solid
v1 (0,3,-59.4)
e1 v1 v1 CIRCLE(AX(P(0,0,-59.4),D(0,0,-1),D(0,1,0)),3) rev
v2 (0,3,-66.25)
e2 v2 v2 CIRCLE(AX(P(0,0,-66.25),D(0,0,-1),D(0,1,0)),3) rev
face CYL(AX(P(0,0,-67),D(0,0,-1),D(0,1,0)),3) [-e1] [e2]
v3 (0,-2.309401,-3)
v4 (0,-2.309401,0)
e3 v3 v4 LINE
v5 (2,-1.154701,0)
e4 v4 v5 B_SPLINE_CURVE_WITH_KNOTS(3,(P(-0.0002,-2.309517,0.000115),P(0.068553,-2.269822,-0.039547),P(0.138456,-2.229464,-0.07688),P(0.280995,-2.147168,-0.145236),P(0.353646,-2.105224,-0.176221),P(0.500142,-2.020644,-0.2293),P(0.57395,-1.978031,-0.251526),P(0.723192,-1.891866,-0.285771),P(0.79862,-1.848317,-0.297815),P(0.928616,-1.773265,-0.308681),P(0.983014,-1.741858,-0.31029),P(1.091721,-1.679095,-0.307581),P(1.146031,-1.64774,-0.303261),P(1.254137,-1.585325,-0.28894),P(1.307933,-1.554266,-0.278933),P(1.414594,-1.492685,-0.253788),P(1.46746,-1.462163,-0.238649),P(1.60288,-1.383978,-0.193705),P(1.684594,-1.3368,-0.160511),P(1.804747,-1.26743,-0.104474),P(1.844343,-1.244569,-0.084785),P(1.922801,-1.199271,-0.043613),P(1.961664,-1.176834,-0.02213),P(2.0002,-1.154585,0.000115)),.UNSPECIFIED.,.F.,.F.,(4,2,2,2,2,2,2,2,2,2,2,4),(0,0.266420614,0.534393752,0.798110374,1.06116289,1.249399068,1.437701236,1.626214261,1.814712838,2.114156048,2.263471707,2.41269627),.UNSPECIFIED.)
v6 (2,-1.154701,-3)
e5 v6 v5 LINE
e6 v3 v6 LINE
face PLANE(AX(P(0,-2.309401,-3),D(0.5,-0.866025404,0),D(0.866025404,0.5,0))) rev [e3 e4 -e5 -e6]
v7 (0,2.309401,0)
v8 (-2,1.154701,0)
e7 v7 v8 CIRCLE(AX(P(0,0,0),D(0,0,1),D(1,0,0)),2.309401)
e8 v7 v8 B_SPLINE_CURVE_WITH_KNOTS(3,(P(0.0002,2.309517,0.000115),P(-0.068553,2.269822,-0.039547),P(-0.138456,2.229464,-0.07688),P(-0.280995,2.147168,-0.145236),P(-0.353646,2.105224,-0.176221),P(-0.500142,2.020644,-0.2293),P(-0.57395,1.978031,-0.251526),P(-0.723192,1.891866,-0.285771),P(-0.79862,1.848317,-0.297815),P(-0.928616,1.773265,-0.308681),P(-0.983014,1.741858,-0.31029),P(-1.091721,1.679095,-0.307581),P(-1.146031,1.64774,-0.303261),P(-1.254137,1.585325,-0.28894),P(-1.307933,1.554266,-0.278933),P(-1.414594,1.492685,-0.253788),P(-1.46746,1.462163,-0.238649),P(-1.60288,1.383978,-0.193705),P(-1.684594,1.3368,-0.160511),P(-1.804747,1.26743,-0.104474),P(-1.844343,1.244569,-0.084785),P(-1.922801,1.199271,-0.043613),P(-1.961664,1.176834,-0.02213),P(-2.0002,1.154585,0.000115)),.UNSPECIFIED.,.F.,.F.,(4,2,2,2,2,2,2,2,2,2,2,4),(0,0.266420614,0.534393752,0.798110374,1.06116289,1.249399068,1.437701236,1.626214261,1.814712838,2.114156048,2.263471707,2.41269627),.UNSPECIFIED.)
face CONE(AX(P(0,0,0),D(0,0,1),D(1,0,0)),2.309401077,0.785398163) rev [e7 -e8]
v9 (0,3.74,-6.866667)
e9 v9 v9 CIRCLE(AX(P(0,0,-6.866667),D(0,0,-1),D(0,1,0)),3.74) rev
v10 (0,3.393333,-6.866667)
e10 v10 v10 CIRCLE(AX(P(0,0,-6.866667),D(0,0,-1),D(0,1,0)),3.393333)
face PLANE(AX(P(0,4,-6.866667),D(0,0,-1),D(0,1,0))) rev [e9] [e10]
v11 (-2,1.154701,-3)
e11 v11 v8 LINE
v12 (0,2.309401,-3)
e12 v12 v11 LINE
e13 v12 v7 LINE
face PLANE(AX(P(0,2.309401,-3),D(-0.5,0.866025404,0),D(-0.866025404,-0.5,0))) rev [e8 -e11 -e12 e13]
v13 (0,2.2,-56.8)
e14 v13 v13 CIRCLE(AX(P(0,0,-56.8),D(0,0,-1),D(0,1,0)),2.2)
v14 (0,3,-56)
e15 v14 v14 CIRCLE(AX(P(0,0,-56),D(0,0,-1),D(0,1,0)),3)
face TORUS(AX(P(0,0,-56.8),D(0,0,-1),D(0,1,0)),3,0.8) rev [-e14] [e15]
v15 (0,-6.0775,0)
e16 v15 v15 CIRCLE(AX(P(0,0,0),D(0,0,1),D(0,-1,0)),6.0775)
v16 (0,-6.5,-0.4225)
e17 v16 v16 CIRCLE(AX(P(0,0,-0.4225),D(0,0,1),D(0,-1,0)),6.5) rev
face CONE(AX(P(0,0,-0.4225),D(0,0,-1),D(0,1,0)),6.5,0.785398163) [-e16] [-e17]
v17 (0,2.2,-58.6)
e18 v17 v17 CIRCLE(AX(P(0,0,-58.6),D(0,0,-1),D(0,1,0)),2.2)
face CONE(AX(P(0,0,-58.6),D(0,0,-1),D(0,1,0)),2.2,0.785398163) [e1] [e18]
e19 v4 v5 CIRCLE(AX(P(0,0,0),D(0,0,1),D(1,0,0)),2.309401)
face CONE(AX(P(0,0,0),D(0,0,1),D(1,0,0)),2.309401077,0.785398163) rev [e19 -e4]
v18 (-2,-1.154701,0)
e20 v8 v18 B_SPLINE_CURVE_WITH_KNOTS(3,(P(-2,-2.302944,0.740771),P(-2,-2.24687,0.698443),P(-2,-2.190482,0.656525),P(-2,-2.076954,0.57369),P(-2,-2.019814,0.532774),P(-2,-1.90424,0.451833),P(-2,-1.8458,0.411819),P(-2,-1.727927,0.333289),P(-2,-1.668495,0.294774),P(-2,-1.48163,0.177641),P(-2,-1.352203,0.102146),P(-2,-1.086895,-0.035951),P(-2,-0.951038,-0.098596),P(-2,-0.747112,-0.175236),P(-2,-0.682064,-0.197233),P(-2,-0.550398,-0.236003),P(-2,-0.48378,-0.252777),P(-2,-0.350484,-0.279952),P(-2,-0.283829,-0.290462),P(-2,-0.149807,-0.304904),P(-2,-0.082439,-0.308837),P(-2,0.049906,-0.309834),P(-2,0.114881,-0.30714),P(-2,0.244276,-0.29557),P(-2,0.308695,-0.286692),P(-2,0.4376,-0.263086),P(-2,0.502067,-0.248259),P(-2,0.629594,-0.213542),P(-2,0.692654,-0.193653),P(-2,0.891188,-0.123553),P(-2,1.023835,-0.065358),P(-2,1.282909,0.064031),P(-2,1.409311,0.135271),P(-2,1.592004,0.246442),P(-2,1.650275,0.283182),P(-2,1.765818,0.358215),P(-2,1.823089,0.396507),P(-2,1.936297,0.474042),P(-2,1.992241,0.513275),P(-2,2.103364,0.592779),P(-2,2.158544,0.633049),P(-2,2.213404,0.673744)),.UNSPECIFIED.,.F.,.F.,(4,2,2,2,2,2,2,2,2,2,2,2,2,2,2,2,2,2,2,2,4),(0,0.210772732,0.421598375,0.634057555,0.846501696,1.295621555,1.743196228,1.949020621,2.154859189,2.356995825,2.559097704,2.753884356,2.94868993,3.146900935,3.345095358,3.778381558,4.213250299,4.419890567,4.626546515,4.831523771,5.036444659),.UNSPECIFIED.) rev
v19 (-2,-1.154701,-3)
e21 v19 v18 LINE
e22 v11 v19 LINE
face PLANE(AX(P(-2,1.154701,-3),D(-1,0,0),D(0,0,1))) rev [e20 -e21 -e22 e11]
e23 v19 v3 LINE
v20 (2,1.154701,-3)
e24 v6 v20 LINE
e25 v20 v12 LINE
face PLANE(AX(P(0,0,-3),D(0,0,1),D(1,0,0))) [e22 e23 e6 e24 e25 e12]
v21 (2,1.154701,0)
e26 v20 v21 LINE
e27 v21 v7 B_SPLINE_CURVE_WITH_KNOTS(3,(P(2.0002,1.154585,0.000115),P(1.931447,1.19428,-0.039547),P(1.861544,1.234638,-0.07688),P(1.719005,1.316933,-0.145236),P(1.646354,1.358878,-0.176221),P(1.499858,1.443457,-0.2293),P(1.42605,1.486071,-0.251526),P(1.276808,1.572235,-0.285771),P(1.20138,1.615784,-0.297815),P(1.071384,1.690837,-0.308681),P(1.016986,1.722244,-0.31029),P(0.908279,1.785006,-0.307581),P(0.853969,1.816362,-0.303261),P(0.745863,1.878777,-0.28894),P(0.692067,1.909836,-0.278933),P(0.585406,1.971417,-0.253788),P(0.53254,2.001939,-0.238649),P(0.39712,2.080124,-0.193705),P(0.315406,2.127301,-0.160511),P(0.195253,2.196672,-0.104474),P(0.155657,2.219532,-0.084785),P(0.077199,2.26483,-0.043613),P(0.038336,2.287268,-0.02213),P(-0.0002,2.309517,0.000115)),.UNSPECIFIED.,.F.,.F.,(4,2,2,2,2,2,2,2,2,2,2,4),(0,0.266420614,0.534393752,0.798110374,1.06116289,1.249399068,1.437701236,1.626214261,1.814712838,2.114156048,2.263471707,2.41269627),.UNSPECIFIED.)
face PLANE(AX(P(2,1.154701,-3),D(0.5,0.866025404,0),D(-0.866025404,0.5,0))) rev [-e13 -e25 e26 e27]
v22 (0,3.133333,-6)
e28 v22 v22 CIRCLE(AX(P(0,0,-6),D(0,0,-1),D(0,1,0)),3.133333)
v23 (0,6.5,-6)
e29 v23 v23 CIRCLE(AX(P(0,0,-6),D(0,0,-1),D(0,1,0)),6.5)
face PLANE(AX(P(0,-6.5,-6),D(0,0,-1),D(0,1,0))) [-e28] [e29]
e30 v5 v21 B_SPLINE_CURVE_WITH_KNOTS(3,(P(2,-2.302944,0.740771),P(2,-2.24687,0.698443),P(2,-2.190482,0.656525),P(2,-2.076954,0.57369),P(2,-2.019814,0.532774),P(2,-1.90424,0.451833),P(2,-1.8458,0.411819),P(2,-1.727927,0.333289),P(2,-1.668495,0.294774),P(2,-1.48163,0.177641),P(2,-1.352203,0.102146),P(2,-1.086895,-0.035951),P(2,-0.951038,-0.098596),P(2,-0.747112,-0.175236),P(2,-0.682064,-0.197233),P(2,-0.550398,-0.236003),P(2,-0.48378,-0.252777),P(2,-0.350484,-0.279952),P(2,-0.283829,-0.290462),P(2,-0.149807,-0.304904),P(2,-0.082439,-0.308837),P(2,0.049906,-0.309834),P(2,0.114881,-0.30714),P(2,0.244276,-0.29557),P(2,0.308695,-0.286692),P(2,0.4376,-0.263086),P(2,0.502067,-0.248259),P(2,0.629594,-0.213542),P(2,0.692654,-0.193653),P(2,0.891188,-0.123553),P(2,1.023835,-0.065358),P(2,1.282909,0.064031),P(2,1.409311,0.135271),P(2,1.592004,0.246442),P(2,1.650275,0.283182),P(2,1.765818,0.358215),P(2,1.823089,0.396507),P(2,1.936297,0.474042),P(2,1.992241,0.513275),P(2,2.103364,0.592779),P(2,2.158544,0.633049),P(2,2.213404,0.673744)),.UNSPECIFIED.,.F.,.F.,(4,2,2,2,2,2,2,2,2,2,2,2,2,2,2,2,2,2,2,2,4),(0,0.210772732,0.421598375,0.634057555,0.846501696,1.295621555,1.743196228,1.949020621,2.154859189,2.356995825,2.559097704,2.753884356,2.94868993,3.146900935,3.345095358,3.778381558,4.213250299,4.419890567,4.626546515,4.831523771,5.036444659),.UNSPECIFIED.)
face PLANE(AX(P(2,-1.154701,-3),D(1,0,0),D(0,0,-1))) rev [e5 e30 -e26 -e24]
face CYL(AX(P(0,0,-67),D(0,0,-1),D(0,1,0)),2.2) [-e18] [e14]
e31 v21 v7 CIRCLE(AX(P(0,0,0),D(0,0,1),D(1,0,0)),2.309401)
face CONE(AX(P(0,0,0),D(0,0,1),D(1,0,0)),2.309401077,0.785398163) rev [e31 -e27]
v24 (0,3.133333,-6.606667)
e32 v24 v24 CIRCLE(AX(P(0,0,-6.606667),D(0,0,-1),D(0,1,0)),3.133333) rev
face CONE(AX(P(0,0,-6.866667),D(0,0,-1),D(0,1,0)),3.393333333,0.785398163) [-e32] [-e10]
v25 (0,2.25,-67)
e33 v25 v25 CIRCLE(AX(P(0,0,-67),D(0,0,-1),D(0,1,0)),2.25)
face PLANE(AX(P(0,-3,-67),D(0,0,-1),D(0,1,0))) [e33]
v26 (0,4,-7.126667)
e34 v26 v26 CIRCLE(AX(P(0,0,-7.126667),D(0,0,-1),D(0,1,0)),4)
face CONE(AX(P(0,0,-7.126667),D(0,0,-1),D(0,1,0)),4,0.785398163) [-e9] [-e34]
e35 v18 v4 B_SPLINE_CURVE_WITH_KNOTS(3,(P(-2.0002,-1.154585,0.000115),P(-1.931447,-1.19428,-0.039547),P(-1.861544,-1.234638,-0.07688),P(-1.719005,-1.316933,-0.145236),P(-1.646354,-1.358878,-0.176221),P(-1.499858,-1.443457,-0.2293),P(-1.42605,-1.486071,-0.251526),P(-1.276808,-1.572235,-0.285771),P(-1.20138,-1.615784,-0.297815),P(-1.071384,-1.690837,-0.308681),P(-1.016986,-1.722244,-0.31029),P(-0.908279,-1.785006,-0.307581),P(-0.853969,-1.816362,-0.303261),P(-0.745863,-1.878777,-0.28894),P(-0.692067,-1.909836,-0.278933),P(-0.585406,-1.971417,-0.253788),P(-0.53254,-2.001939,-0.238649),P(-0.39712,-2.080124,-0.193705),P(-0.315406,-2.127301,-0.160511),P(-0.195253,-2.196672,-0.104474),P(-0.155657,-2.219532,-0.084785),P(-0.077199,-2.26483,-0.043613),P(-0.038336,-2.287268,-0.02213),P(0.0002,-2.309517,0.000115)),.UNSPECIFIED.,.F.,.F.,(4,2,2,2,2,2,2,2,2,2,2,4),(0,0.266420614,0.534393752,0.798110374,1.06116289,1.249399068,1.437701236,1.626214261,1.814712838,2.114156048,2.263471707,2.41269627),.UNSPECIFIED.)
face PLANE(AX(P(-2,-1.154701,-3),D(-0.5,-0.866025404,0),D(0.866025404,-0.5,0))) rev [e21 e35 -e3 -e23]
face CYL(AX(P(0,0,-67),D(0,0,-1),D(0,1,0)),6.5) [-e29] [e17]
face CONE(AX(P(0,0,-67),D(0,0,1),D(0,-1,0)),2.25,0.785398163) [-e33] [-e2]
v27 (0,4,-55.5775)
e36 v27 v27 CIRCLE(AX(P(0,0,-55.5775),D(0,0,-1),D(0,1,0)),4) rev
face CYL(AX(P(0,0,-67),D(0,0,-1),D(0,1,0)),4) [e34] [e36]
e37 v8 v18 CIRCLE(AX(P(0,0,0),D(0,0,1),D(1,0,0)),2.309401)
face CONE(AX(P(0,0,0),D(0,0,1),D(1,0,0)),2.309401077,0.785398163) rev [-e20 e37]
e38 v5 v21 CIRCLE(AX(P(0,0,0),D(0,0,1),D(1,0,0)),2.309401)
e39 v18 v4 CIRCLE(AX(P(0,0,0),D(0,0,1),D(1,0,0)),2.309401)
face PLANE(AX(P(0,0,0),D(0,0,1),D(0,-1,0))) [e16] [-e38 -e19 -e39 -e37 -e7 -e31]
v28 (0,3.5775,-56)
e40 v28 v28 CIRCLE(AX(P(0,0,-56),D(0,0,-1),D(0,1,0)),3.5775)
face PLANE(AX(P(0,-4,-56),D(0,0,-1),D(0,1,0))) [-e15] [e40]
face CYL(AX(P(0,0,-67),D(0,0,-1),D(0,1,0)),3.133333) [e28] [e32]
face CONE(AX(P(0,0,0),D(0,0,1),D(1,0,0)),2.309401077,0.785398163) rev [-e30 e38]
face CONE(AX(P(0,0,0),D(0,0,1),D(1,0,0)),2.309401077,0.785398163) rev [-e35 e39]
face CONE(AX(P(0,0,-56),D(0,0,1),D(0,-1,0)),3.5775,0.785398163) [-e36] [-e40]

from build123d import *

# Parameters (mm, degrees)
SKETCH12_W         = 0.866666667
SKETCH12_H         = 0.866666667
CHAMFER3_SIZE      = 0.26
CHAMFER1_SIZE      = 0.75
CHAMFER2_SIZE      = 0.4225
CUT_EXTRUDE2_DEPTH = 3


with BuildPart() as part:
    # Sketch1 → Revolve1 (revolve)
    with BuildSketch(Plane(origin=(0, 0, 0), x_dir=(0, 0, -1), z_dir=(1, 0, 0))):
        Polygon((0, 6.5), (6, 6.5), (6, 4), (56, 4), (56, 3), (67, 3), (67, 0), (0, 0), align=None)
    revolve(axis=Axis((0, 0, -67), (0, 0, 1)))

    # Sketch12 → Cut-Revolve2 (revolve, cut)
    with BuildSketch(Plane(origin=(0, 0, 0), x_dir=(0, 0, -1), z_dir=(1, 0, 0))):
        with Locations((6.433333334, 3.566666667)):
            Rectangle(SKETCH12_W, SKETCH12_H)
    revolve(axis=Axis((0, 0, -67), (0, 0, 1)), mode=Mode.SUBTRACT)

    # Chamfer3
    chamfer3_edges = [part.edges().sort_by_distance(p)[0] for p in [
        (0, -3.133333333, -6.866666667),
        (0, -4, -6.866666667),
    ]]
    chamfer(chamfer3_edges, length=CHAMFER3_SIZE)

    # Sketch5 → Cut-Revolve1 (revolve, cut)
    with BuildSketch(Plane(origin=(0, 0, 0), x_dir=(0, 0, -1), z_dir=(1, 0, 0))):
        with BuildLine():
            Line((56, 4), (60.4, 4))
            Line((60.4, 4), (58.6, 2.2))
            Line((58.6, 2.2), (56.8, 2.2))
            ThreePointArc((56.8, 2.2), (56.234314575, 2.434314575), (56, 3))
            Line((56, 3), (56, 4))
        make_face()
    revolve(axis=Axis((0, 0, -67), (0, 0, 1)), mode=Mode.SUBTRACT)

    # Chamfer1
    chamfer1_edges = [part.edges().sort_by_distance(p)[0] for p in [
        (0, -3, -67),
    ]]
    chamfer(chamfer1_edges, length=CHAMFER1_SIZE)

    # Chamfer2
    chamfer2_edges = [part.edges().sort_by_distance(p)[0] for p in [
        (0, -4, -56),
        (0, -6.5, 0),
    ]]
    chamfer(chamfer2_edges, length=CHAMFER2_SIZE)

    # Sketch8 → Cut-Extrude2 (cut)
    with BuildSketch(Plane.XY):
        Polygon((2, 1.154700538), (0, 2.309401077), (-2, 1.154700538), (-2, -1.154700538), (0, -2.309401077), (2, -1.154700538), align=None)
    extrude(amount=-CUT_EXTRUDE2_DEPTH, mode=Mode.SUBTRACT)

    # Cut-Extrude4 cone 1 section (through the dimple's axis) → Cut-Extrude4 (revolve, cut)
    with BuildSketch(Plane(origin=(0, 0, 0), x_dir=(0, -1, 0), z_dir=(1, 0, 0))):
        Polygon((0, 0), (2.309401077, 0), (0, 2.309401077), align=None)
    revolve(axis=Axis((0, 0, 0), (0, 0, -1)), mode=Mode.SUBTRACT)


solid = part.part
